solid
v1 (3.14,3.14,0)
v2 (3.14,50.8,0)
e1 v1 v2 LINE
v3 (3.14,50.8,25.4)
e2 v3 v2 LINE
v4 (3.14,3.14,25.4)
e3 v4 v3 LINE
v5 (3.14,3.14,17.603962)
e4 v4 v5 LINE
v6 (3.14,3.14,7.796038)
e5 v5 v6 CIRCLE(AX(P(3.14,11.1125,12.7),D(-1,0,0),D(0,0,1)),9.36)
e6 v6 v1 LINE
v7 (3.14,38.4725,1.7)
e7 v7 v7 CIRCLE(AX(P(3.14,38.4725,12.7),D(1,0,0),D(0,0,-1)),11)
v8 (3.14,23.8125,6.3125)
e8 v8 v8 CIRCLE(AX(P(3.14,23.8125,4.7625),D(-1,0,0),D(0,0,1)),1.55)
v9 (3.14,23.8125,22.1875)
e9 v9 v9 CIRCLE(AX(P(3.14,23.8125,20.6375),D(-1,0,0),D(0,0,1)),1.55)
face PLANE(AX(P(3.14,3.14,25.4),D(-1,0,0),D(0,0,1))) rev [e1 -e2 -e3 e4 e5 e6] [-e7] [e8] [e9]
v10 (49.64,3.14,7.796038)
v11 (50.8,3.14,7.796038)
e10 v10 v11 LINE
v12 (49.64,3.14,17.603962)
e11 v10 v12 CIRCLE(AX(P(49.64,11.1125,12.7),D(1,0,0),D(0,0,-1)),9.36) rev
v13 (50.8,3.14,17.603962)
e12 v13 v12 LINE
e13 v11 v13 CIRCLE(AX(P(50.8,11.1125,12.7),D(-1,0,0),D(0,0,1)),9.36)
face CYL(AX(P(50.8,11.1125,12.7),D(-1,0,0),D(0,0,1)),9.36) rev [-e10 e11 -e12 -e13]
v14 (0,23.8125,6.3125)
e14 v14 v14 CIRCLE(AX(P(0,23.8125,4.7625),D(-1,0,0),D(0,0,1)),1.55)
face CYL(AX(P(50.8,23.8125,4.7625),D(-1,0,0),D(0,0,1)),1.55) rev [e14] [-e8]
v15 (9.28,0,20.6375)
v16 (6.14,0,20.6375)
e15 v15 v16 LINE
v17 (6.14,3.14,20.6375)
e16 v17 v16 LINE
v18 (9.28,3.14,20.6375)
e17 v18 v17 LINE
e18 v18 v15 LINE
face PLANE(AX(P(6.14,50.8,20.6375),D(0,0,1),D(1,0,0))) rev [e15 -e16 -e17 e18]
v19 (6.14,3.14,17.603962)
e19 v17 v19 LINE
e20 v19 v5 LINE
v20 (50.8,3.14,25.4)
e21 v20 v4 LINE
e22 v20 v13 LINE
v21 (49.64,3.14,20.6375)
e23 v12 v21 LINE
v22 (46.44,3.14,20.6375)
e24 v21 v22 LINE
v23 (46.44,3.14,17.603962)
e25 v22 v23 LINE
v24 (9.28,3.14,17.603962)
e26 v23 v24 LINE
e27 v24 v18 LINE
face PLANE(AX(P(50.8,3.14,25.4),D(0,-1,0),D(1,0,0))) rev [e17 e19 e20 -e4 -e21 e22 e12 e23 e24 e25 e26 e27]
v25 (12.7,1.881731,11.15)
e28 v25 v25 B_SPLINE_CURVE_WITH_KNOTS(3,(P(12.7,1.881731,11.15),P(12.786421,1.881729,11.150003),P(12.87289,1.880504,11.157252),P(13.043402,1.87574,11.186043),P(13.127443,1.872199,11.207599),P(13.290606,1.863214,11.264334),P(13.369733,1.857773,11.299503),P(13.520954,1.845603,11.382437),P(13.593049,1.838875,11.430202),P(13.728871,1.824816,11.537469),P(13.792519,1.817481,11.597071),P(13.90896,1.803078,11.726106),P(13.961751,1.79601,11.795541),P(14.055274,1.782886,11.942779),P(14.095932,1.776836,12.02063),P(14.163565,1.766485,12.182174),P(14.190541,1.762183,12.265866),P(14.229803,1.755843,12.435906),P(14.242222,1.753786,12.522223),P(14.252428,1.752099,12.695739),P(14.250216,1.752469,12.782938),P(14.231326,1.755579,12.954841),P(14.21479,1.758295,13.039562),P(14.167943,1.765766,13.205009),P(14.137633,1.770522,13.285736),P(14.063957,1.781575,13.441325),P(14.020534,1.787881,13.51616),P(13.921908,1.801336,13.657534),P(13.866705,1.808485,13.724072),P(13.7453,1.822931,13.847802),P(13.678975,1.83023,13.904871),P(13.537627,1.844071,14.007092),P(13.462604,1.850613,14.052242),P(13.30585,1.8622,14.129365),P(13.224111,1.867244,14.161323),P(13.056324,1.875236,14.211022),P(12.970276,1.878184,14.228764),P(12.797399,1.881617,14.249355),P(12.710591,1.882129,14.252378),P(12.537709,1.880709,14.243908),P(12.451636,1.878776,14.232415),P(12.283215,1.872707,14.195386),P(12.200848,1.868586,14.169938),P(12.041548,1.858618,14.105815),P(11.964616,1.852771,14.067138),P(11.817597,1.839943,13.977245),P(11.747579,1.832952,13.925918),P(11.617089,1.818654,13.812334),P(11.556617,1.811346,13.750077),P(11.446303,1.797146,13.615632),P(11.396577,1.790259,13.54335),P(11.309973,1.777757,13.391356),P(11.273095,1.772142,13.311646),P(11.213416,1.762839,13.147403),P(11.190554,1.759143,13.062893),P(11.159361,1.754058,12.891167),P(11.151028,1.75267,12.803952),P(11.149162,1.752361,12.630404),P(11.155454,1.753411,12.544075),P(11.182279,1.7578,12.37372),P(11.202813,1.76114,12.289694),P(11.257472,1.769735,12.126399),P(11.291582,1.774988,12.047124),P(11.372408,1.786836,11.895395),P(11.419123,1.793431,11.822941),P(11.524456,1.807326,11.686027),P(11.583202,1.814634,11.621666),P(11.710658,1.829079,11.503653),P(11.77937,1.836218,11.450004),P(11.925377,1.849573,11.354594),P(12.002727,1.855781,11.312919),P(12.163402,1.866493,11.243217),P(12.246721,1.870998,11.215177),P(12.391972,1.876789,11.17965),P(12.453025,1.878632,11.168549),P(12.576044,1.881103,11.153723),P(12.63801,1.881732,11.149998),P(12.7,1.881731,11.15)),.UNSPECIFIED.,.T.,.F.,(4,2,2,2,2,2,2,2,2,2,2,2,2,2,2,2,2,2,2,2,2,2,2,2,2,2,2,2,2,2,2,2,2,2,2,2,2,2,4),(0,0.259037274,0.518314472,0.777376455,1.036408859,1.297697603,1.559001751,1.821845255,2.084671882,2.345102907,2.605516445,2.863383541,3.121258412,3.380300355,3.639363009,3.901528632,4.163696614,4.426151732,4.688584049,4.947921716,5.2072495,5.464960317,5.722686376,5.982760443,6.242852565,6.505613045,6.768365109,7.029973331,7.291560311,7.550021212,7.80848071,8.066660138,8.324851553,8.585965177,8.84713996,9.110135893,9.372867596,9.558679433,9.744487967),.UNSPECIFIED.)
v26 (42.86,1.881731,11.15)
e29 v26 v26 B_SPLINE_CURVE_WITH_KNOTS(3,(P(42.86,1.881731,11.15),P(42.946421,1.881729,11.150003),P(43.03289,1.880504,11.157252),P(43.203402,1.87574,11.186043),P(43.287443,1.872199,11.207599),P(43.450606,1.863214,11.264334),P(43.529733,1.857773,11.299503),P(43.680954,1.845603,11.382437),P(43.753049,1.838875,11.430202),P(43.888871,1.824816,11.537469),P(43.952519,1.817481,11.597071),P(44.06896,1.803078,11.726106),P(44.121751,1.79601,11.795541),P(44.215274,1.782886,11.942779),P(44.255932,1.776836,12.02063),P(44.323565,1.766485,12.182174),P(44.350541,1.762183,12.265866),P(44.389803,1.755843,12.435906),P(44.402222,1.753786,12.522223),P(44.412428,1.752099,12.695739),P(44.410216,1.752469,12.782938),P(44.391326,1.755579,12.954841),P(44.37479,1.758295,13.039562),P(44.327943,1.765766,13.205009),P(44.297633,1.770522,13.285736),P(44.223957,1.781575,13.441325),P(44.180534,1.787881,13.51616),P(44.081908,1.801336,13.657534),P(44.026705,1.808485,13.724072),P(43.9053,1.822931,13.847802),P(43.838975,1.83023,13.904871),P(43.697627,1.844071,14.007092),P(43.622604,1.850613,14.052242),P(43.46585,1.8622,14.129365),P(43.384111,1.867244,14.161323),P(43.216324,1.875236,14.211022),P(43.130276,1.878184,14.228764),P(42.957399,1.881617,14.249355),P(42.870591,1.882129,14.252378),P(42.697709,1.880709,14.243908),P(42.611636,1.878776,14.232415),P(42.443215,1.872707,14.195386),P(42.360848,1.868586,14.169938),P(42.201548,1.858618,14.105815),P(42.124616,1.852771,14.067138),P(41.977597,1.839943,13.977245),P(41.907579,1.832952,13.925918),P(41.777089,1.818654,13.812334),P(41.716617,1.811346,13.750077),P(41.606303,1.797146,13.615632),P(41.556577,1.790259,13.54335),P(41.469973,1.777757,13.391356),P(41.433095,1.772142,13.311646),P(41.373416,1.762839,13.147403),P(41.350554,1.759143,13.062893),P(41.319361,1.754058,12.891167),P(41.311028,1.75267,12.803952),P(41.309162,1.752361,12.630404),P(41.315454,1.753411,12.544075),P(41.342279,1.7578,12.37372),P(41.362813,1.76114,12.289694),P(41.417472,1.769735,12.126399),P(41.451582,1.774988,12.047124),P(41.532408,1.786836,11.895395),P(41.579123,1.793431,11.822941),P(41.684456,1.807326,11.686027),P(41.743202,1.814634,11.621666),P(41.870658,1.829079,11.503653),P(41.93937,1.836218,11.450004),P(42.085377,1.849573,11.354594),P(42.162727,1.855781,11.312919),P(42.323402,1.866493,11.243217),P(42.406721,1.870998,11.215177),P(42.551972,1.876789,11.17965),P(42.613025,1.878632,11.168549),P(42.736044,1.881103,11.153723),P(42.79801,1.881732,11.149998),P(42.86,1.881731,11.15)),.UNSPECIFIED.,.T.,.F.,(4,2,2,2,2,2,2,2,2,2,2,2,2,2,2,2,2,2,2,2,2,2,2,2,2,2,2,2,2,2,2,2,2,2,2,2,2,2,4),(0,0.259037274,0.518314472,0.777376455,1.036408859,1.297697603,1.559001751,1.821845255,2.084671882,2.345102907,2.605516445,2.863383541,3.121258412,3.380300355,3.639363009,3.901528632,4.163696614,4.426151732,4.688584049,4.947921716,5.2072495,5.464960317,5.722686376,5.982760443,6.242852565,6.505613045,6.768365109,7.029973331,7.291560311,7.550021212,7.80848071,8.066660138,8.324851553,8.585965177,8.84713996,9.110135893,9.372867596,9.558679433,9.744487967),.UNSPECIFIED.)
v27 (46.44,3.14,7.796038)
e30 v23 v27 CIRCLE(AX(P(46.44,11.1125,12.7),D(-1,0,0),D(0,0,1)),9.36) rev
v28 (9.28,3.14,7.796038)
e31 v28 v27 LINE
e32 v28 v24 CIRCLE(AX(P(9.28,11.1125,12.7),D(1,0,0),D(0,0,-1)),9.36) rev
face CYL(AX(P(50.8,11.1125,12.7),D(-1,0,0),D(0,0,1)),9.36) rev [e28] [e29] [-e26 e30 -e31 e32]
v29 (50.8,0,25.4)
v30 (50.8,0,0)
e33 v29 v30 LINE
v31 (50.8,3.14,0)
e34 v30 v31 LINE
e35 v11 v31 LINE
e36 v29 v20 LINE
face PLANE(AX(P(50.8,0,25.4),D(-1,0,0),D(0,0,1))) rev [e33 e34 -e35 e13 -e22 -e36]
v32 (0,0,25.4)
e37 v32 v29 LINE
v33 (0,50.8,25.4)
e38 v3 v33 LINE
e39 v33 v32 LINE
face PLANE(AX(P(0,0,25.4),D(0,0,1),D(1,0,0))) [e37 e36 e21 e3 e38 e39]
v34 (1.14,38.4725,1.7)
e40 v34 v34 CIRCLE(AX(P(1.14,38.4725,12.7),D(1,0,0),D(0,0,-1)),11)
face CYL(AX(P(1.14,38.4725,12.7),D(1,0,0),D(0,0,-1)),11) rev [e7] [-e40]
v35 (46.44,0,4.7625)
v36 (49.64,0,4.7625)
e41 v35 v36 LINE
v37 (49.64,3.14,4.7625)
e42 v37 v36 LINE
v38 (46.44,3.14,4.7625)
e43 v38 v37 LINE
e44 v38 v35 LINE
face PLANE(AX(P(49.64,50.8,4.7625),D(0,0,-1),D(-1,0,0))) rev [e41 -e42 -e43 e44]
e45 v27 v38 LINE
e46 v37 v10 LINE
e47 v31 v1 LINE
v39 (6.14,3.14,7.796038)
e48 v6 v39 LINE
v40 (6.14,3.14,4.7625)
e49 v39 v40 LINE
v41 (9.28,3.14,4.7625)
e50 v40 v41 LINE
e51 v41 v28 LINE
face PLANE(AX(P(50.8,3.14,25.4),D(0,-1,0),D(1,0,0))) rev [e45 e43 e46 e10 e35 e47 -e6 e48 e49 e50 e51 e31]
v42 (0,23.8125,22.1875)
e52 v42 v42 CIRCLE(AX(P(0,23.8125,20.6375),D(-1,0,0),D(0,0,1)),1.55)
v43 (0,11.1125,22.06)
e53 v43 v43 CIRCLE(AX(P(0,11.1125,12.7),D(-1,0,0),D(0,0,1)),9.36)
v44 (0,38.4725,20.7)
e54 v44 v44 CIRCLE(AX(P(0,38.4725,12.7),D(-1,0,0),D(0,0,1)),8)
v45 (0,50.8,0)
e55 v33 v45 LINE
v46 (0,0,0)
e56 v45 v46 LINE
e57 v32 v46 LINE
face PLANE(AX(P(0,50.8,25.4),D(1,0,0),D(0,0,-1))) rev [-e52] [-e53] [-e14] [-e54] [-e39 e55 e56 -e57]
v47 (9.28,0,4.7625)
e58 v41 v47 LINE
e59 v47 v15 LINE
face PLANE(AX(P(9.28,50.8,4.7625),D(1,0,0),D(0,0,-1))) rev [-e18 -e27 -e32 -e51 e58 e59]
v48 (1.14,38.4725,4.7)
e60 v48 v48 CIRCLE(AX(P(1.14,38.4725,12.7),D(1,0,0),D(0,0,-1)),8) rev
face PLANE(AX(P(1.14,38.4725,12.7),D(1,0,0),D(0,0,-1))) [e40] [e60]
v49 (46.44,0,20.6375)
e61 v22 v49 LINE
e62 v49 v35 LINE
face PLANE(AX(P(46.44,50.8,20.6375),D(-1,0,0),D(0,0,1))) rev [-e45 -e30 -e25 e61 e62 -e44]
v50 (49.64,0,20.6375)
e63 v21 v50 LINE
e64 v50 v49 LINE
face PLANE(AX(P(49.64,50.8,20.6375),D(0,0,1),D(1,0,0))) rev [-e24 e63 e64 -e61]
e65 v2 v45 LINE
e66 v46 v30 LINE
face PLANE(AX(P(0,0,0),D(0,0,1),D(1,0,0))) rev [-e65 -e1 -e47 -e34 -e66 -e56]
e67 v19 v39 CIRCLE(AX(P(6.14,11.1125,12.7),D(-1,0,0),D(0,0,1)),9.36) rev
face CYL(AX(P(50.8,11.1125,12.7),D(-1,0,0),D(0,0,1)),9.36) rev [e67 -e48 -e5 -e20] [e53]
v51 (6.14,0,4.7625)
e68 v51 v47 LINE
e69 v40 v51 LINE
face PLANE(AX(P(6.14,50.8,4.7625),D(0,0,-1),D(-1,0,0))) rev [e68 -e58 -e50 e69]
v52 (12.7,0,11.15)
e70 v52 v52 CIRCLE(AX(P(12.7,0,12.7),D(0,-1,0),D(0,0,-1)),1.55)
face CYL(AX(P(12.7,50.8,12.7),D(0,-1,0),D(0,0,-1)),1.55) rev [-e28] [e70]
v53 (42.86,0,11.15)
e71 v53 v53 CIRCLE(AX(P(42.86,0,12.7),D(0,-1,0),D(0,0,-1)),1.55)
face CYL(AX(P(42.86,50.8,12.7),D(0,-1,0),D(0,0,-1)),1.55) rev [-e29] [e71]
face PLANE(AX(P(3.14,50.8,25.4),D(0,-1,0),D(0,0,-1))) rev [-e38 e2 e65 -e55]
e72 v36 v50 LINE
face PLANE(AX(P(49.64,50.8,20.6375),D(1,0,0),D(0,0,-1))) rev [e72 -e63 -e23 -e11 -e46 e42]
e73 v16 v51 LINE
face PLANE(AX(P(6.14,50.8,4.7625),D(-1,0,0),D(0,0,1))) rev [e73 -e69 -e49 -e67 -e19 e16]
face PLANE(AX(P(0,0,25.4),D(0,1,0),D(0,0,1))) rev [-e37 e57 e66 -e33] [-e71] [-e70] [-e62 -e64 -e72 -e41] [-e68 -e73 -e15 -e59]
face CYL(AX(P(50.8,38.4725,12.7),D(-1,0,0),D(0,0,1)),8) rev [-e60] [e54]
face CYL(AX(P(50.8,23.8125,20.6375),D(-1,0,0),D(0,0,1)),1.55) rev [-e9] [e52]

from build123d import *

# Parameters (mm, degrees)
EXTRUDE1_DEPTH     = 25.4
SKETCH2_R          = 9.36
SKETCH2_R_2        = 8
SKETCH2_R_3        = 1.55
CUT_EXTRUDE1_DEPTH = 77.2
SKETCH3_R          = 11
CUT_EXTRUDE2_DEPTH = 2
SKETCH4_R          = 1.55
SKETCH4_W          = 3.14
SKETCH4_H          = 15.875
SKETCH4_W_2        = 3.2
CUT_EXTRUDE3_DEPTH = 77.2


with BuildPart() as part:
    # Sketch1 → Extrude1 (new body)
    with BuildSketch(Plane.XY):
        Polygon((0, 0), (50.8, 0), (50.8, 3.14), (3.14, 3.14), (3.14, 50.8), (0, 50.8), align=None)
    extrude(amount=EXTRUDE1_DEPTH)

    # Sketch2 → Cut-Extrude1 (cut, through all)
    with BuildSketch(Plane.ZY):
        with Locations((12.7, 11.1125)):
            Circle(SKETCH2_R)
        with Locations((12.7, 38.4725)):
            Circle(SKETCH2_R_2)
        with Locations((4.7625, 23.8125)):
            Circle(SKETCH2_R_3)
        with Locations((20.6375, 23.8125)):
            Circle(SKETCH2_R_3)
    extrude(amount=-CUT_EXTRUDE1_DEPTH, mode=Mode.SUBTRACT)

    # Sketch3 → Cut-Extrude2 (cut)
    with BuildSketch(Plane(origin=(3.14, 0, 0), x_dir=(0, 0, -1), z_dir=(1, 0, 0))):
        with Locations((-12.7, 38.4725)):
            Circle(SKETCH3_R)
    extrude(amount=-CUT_EXTRUDE2_DEPTH, mode=Mode.SUBTRACT)

    # Sketch4 → Cut-Extrude3 (cut, through all)
    with BuildSketch(Plane.XZ):
        with Locations(Location((12.7, 12.7, 0), (0, 0, 270))):
            Circle(SKETCH4_R)
        with Locations(Location((42.86, 12.7, 0), (0, 0, 270))):
            Circle(SKETCH4_R)
        with Locations((7.71, 12.7)):
            Rectangle(SKETCH4_W, SKETCH4_H)
        with Locations((48.04, 12.7)):
            Rectangle(SKETCH4_W_2, SKETCH4_H)
    extrude(amount=-CUT_EXTRUDE3_DEPTH, mode=Mode.SUBTRACT)


solid = part.part
